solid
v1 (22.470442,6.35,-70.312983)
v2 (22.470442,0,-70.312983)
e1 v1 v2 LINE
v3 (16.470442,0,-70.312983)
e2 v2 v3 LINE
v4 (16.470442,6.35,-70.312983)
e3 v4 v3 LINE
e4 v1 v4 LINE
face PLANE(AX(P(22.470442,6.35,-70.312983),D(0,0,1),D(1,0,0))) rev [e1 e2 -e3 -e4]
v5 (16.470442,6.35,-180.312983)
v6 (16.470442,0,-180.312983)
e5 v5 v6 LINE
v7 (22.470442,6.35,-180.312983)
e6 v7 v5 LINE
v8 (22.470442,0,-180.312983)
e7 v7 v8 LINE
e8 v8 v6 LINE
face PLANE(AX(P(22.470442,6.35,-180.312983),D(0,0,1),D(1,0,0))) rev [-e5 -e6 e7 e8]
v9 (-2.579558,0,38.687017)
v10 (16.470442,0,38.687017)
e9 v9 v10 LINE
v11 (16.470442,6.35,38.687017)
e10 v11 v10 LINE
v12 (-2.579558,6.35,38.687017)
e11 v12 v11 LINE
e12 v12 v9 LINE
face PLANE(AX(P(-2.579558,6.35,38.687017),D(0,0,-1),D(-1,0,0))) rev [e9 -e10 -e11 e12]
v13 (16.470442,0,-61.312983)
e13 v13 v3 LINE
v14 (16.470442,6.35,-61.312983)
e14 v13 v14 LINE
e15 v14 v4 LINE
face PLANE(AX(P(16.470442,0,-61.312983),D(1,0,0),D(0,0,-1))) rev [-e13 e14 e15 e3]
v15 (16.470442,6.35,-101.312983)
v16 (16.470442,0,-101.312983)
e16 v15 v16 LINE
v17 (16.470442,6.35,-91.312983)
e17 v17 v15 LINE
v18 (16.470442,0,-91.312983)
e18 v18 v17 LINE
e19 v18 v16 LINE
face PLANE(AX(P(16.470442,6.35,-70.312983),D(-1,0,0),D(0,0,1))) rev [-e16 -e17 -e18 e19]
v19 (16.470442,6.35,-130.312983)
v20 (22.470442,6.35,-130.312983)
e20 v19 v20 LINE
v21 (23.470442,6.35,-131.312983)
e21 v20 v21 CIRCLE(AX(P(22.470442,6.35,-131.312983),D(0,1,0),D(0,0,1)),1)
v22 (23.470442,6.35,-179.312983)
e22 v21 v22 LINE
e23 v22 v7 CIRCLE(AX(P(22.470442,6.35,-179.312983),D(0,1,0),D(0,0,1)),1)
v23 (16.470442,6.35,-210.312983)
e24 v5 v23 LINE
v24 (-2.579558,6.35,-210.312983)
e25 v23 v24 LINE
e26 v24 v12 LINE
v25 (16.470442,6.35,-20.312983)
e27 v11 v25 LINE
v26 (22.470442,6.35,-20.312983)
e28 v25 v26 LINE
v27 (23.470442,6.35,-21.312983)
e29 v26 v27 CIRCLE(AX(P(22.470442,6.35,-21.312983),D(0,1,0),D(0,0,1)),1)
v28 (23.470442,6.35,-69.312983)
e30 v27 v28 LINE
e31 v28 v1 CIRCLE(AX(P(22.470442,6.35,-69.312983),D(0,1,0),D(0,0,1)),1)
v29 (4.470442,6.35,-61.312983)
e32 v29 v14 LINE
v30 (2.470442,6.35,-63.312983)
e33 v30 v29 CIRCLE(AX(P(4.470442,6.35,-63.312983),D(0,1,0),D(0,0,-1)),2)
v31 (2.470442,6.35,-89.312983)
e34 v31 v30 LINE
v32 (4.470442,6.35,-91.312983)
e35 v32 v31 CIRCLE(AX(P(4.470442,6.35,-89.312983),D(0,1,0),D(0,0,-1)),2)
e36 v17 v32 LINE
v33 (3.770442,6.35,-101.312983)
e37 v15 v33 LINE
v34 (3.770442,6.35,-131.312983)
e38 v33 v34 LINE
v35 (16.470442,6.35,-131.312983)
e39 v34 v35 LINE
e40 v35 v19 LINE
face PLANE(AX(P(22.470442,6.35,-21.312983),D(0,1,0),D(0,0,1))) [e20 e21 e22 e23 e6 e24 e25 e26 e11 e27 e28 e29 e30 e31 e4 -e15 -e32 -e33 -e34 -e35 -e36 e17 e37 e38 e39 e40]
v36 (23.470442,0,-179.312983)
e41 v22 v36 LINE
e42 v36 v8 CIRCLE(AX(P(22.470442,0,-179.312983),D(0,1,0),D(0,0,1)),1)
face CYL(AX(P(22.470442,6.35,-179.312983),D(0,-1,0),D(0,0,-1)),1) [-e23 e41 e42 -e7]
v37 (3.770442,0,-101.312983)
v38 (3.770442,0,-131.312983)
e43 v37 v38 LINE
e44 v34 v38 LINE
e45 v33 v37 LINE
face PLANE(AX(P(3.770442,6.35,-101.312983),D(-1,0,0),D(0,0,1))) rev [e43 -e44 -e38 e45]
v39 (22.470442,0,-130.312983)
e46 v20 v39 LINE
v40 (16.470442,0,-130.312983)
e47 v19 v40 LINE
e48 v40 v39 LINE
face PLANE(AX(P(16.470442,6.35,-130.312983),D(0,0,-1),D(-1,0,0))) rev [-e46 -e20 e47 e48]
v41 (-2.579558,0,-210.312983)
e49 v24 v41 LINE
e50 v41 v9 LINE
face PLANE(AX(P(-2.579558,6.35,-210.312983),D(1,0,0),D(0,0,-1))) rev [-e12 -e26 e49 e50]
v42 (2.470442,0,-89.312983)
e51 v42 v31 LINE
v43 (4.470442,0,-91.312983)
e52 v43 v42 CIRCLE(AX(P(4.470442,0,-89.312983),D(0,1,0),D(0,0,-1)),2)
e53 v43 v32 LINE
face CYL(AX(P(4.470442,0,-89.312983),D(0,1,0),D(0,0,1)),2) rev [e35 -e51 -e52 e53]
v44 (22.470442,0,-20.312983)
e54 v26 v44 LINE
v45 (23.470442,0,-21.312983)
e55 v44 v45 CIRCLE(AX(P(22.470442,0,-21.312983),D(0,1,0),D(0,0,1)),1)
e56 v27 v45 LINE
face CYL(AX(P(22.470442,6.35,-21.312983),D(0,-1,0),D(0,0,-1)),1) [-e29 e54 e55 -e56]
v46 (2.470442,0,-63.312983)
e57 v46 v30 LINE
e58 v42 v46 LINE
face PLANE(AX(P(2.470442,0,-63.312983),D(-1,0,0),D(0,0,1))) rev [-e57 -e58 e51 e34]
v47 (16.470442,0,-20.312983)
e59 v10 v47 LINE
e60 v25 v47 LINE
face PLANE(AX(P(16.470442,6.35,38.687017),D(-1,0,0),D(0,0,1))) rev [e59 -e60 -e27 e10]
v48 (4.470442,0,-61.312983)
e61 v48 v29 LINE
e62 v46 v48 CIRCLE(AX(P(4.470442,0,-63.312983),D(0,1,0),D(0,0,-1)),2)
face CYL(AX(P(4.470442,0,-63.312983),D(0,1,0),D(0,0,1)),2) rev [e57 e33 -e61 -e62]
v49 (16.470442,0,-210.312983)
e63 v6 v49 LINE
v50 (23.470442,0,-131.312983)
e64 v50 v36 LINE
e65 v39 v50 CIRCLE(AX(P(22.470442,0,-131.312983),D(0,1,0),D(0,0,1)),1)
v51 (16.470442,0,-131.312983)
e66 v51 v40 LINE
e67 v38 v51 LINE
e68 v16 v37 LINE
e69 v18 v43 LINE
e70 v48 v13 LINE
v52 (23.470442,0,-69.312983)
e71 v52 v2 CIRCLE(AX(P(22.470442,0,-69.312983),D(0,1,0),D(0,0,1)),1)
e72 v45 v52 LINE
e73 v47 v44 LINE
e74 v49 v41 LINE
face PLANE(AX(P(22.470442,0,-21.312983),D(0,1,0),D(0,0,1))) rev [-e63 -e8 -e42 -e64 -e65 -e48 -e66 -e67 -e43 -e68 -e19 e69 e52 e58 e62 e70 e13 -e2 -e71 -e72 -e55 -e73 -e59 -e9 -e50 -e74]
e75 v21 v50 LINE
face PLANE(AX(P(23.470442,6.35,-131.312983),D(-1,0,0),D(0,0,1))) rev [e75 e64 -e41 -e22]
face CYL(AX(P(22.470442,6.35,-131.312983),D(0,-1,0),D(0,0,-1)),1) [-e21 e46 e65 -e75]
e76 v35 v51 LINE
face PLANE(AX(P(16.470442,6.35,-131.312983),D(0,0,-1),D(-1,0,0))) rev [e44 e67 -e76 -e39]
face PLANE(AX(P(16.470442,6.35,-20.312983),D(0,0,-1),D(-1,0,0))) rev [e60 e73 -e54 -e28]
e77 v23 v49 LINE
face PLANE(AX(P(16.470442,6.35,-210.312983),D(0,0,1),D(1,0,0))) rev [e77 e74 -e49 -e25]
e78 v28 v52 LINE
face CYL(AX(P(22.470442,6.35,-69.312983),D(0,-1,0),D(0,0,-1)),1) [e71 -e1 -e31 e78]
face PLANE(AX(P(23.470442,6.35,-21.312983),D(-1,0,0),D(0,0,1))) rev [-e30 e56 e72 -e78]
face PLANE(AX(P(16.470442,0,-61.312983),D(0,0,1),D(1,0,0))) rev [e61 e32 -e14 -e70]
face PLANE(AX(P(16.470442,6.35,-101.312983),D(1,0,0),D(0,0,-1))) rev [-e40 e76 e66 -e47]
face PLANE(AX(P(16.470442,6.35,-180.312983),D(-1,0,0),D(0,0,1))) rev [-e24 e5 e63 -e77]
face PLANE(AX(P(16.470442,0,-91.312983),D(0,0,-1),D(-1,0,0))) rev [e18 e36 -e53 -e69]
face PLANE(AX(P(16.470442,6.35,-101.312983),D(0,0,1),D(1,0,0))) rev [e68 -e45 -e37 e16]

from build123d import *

# Parameters (mm, degrees)
BOSS_EXTRUDE1_DEPTH = 6.35
CUT_EXTRUDE1_DEPTH  = 212.713804804
SKETCH5_W           = 12.7
SKETCH5_H           = 30
CUT_EXTRUDE3_DEPTH  = 212.713804804


with BuildPart() as part:
    # Sketch2 → Boss-Extrude1 (new body)
    with BuildSketch(Plane(origin=(0, 0, 0), x_dir=(1, 0, 0), z_dir=(0, 1, 0))):
        with BuildLine():
            Line((-2.579558011, -38.687016575), (16.470441989, -38.687016575))
            Line((16.470441989, -38.687016575), (16.470441989, 20.312983425))
            Line((16.470441989, 20.312983425), (22.470441989, 20.312983425))
            ThreePointArc((22.470441989, 20.312983425), (23.17754877, 20.605876644), (23.470441989, 21.312983425))
            Line((23.470441989, 21.312983425), (23.470441989, 69.312983425))
            ThreePointArc((23.470441989, 69.312983425), (23.17754877, 70.020090207), (22.470441989, 70.312983425))
            Line((22.470441989, 70.312983425), (16.470441989, 70.312983425))
            Line((16.470441989, 70.312983425), (16.470441989, 130.312983425))
            Line((16.470441989, 130.312983425), (22.470441989, 130.312983425))
            ThreePointArc((22.470441989, 130.312983425), (23.17754877, 130.605876644), (23.470441989, 131.312983425))
            Line((23.470441989, 131.312983425), (23.470441989, 179.312983425))
            ThreePointArc((23.470441989, 179.312983425), (23.17754877, 180.020090207), (22.470441989, 180.312983425))
            Line((22.470441989, 180.312983425), (16.470441989, 180.312983425))
            Line((16.470441989, 180.312983425), (16.470441989, 210.312983425))
            Line((16.470441989, 210.312983425), (-2.579558011, 210.312983425))
            Line((-2.579558011, 210.312983425), (-2.579558011, -38.687016575))
        make_face()
    extrude(amount=BOSS_EXTRUDE1_DEPTH)

    # Sketch3 → Cut-Extrude1 (cut, through all)
    with BuildSketch(Plane(origin=(0, 6.35, 0), x_dir=(1, 0, 0), z_dir=(0, 1, 0))):
        with BuildLine():
            Line((16.470441989, 61.312983425), (4.470441989, 61.312983425))
            ThreePointArc((4.470441989, 61.312983425), (3.056228427, 61.898769863), (2.470441989, 63.312983425))
            Line((2.470441989, 63.312983425), (2.470441989, 89.312983425))
            ThreePointArc((2.470441989, 89.312983425), (3.056228427, 90.727196988), (4.470441989, 91.312983425))
            Line((4.470441989, 91.312983425), (16.470441989, 91.312983425))
            Line((16.470441989, 91.312983425), (16.470441989, 61.312983425))
        make_face()
    extrude(amount=-CUT_EXTRUDE1_DEPTH, mode=Mode.SUBTRACT)

    # Sketch5 → Cut-Extrude3 (cut, through all)
    with BuildSketch(Plane.XZ):
        with Locations((10.120441989, -116.312983425)):
            Rectangle(SKETCH5_W, SKETCH5_H)
    extrude(amount=-CUT_EXTRUDE3_DEPTH, mode=Mode.SUBTRACT)


solid = part.part
